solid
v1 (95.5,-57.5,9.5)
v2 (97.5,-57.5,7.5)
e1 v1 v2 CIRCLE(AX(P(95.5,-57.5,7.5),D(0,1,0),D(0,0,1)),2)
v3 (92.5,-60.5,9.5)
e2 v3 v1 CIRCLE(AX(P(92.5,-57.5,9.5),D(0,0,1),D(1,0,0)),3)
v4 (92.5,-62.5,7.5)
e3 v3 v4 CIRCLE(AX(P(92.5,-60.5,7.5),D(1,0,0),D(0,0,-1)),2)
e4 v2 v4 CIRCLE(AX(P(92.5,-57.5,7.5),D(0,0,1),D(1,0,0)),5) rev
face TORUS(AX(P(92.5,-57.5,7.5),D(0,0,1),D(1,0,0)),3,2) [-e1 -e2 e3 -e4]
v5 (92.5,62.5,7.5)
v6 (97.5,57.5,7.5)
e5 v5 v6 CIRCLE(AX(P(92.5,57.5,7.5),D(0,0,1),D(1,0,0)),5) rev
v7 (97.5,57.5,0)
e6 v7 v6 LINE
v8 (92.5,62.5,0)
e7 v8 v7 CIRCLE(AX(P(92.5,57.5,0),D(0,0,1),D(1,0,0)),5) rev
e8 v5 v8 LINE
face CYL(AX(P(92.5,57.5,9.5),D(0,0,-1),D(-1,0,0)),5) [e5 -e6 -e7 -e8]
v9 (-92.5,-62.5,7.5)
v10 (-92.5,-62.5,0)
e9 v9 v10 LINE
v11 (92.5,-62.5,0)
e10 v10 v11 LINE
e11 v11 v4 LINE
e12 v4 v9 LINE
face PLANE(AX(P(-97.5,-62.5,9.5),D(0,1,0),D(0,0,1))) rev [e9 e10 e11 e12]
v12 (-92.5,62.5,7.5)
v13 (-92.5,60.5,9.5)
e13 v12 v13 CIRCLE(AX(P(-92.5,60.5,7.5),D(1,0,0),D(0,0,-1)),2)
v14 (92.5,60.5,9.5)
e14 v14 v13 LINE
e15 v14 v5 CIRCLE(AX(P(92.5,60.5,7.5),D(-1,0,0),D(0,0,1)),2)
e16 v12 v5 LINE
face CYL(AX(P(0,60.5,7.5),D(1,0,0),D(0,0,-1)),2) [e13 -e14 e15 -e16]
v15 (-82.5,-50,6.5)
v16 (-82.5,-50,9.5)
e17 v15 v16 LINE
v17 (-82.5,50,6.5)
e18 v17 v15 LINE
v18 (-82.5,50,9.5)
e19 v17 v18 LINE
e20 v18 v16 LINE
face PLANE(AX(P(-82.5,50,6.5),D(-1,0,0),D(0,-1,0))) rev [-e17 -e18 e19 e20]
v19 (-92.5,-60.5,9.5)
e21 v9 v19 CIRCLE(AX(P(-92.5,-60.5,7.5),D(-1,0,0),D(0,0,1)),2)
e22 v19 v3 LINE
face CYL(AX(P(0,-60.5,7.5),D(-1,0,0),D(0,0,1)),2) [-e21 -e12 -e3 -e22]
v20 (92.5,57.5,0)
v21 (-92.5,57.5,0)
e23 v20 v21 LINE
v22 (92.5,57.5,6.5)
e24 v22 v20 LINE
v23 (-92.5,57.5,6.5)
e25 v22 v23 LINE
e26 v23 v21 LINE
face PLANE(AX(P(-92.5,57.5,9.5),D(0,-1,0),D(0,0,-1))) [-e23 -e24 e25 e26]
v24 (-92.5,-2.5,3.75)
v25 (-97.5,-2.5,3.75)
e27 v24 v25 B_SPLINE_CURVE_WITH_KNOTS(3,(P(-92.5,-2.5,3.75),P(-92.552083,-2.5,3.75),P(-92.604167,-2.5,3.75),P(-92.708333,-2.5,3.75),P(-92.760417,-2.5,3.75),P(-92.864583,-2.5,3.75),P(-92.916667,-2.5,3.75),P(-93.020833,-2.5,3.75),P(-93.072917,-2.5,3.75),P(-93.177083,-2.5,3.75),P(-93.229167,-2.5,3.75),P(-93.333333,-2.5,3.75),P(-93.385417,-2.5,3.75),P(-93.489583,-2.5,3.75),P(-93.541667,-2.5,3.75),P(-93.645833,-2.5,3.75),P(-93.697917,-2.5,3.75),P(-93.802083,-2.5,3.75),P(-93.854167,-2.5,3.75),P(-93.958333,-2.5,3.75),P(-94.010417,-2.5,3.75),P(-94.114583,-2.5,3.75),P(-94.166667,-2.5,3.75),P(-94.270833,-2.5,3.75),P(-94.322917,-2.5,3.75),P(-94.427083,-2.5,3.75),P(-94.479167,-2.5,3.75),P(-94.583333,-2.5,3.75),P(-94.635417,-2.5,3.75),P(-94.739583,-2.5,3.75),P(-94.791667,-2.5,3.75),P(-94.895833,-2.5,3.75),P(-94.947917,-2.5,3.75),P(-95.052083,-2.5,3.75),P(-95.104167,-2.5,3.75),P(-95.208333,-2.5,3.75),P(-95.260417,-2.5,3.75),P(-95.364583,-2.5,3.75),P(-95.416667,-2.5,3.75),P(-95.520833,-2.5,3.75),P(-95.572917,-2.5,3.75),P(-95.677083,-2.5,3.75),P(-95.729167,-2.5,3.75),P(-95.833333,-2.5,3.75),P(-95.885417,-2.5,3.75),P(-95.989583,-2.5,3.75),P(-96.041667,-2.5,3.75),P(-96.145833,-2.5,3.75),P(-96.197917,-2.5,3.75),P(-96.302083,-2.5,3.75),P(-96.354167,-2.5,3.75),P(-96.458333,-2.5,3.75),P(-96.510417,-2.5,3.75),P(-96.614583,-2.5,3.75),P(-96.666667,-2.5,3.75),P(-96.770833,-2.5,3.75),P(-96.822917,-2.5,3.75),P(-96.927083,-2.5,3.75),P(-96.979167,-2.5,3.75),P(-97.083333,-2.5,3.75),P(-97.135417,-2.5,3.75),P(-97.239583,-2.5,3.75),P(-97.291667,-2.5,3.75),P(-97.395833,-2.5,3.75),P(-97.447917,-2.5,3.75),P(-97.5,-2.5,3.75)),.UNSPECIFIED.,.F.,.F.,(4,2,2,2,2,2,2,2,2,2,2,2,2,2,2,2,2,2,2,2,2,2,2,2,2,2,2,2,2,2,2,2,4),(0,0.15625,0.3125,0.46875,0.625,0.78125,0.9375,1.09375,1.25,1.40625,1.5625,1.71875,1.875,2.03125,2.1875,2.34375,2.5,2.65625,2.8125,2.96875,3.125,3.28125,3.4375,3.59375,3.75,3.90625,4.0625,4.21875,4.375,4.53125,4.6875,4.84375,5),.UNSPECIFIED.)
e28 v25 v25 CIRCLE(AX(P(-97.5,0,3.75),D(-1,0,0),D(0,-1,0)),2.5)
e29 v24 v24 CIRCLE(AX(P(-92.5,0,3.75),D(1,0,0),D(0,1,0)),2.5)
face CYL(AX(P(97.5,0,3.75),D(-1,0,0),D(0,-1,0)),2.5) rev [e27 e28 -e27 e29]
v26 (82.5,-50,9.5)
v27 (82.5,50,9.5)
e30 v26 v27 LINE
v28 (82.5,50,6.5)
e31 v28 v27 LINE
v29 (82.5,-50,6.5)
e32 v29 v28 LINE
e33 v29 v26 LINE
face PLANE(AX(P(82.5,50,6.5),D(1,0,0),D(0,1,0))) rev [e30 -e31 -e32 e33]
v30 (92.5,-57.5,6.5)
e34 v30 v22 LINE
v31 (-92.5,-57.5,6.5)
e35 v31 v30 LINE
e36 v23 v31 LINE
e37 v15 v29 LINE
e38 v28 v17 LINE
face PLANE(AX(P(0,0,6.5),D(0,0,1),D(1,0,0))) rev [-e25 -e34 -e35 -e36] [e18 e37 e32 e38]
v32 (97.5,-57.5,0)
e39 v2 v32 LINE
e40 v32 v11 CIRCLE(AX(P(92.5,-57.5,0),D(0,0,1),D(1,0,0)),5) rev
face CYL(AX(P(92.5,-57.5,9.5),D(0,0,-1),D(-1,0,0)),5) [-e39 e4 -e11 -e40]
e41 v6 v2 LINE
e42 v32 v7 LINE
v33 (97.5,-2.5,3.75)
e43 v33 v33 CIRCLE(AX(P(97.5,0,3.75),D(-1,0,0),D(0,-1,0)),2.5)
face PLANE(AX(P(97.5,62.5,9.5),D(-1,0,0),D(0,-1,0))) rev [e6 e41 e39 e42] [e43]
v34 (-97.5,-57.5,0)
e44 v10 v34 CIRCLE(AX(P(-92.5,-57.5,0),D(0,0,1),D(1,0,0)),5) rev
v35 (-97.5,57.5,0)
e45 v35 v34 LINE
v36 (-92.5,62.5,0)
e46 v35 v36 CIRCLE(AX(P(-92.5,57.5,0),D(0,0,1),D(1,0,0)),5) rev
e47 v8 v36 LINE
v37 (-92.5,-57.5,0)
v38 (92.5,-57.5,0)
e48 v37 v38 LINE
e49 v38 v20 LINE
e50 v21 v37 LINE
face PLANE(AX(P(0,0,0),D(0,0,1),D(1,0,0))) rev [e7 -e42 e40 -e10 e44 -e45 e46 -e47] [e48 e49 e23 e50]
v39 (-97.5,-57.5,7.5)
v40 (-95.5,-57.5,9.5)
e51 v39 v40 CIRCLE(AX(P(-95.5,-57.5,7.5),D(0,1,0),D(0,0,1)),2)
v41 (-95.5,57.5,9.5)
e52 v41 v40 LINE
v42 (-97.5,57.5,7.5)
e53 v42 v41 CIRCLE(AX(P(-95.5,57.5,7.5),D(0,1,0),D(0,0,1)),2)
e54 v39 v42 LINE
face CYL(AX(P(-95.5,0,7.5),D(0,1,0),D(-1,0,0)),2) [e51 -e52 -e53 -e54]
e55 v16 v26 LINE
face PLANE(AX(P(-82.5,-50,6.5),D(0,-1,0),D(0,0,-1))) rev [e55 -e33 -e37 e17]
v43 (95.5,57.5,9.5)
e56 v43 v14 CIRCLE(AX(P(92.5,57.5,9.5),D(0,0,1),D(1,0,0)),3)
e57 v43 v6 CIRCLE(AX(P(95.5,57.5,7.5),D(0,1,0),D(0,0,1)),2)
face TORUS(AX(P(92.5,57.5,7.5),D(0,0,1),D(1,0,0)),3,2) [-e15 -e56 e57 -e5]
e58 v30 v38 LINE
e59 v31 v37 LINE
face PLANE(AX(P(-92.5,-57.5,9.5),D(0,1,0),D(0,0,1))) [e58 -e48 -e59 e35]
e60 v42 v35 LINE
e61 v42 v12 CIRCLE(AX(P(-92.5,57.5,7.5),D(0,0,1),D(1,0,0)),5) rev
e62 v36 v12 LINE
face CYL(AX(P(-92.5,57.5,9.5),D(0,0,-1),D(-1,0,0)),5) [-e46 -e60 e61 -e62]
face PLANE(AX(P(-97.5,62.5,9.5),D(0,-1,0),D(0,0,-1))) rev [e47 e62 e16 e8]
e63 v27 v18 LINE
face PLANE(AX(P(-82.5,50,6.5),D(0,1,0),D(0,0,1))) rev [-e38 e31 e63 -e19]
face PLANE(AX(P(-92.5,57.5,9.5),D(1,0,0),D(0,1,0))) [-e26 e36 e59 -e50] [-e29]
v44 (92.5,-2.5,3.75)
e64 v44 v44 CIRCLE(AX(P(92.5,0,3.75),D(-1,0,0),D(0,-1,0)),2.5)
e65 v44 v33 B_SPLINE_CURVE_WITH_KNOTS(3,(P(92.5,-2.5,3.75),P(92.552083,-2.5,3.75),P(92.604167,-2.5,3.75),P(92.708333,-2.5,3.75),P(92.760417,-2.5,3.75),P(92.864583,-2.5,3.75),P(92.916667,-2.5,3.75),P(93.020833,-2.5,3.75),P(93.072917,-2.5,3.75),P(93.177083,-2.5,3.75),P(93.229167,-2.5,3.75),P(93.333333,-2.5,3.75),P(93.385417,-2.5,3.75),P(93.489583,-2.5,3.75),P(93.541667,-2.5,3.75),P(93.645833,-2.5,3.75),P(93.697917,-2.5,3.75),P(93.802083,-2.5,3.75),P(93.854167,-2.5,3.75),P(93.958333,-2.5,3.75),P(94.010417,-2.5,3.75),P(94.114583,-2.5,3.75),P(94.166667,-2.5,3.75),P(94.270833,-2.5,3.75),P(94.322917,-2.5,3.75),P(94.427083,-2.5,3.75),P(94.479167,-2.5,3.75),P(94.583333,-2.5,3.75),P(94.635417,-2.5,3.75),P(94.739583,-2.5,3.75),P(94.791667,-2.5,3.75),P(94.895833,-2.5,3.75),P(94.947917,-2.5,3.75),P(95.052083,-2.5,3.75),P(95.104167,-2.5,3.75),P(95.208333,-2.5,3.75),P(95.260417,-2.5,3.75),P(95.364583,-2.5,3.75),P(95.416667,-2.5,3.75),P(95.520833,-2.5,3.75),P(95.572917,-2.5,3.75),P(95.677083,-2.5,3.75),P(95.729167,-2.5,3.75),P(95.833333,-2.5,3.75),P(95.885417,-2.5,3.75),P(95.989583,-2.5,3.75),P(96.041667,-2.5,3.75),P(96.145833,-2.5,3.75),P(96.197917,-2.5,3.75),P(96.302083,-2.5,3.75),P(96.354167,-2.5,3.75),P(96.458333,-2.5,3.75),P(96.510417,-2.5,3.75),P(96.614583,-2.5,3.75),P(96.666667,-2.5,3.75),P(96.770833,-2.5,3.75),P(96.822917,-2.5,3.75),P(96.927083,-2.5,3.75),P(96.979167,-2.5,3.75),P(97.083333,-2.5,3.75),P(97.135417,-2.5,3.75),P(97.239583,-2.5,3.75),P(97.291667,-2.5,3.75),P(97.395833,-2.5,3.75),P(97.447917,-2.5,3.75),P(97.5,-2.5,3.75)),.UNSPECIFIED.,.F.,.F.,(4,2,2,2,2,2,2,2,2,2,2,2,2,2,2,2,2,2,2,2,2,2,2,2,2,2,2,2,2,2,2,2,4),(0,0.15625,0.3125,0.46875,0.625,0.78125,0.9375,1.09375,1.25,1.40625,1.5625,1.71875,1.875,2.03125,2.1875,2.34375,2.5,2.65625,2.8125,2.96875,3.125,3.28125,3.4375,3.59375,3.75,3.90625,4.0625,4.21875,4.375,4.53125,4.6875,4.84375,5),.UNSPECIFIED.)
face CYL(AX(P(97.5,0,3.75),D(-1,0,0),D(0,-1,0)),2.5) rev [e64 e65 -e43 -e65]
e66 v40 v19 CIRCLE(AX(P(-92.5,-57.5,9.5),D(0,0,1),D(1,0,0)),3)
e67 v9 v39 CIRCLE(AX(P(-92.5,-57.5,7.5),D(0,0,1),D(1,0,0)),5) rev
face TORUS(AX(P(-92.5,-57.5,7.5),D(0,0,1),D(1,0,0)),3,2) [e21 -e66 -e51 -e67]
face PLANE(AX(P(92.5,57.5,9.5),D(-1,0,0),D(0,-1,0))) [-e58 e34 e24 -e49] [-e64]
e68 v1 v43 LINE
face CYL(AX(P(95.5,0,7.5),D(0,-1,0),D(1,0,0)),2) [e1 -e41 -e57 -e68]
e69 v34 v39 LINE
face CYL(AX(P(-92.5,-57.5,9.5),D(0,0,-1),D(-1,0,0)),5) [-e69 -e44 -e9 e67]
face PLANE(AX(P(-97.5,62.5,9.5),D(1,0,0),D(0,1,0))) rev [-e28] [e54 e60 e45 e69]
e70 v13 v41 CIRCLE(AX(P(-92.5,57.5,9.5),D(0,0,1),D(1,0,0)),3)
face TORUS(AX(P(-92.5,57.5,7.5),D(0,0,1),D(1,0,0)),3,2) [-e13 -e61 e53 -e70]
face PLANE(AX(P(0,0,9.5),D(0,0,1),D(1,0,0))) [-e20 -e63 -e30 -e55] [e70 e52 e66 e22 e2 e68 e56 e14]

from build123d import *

# Parameters (mm, degrees)
SKETCH2_W           = 195
SKETCH2_H           = 125
SKETCH2_W_2         = 185
SKETCH2_H_2         = 115
BOSS_EXTRUDE1_DEPTH = 9.5
SKETCH3_W           = 195
SKETCH3_H           = 125
SKETCH3_W_2         = 165
SKETCH3_H_2         = 100
BOSS_EXTRUDE2_DEPTH = 3
FILLET1_R           = 5
FILLET2_R           = 2
SKETCH4_R           = 2.5
CUT_EXTRUDE1_DEPTH  = 205.991463237


with BuildPart() as part:
    # Sketch2 → Boss-Extrude1 (new body)
    with BuildSketch(Plane.XY):
        Rectangle(SKETCH2_W, SKETCH2_H)
        Rectangle(SKETCH2_W_2, SKETCH2_H_2, mode=Mode.SUBTRACT)
    extrude(amount=BOSS_EXTRUDE1_DEPTH)

    # Sketch3 → Boss-Extrude2 (add)
    with BuildSketch(Plane.XY.offset(9.5)):
        Rectangle(SKETCH3_W, SKETCH3_H)
        Rectangle(SKETCH3_W_2, SKETCH3_H_2, mode=Mode.SUBTRACT)
    extrude(amount=-BOSS_EXTRUDE2_DEPTH)

    # Fillet1
    fillet1_edges = [part.edges().sort_by_distance(p)[0] for p in [
        (-97.5, 62.5, 4.75),
        (97.5, 62.5, 4.75),
        (97.5, -62.5, 4.75),
        (-97.5, -62.5, 4.75),
    ]]
    fillet(fillet1_edges, radius=FILLET1_R)

    # Fillet2
    fillet2_edges = [part.edges().sort_by_distance(p)[0] for p in [
        (0, 62.5, 9.5),
        (-96.035533906, 61.035533906, 9.5),
        (96.035533906, 61.035533906, 9.5),
        (-97.5, 0, 9.5),
        (97.5, 0, 9.5),
        (-96.035533906, -61.035533906, 9.5),
        (96.035533906, -61.035533906, 9.5),
        (0, -62.5, 9.5),
    ]]
    fillet(fillet2_edges, radius=FILLET2_R)

    # Sketch4 → Cut-Extrude1 (cut, through all)
    with BuildSketch(Plane.ZY.offset(97.5)):
        with Locations(Location((3.75, 0, 0), (0, 0, 270))):
            Circle(SKETCH4_R)
    extrude(amount=-CUT_EXTRUDE1_DEPTH, mode=Mode.SUBTRACT)


solid = part.part
